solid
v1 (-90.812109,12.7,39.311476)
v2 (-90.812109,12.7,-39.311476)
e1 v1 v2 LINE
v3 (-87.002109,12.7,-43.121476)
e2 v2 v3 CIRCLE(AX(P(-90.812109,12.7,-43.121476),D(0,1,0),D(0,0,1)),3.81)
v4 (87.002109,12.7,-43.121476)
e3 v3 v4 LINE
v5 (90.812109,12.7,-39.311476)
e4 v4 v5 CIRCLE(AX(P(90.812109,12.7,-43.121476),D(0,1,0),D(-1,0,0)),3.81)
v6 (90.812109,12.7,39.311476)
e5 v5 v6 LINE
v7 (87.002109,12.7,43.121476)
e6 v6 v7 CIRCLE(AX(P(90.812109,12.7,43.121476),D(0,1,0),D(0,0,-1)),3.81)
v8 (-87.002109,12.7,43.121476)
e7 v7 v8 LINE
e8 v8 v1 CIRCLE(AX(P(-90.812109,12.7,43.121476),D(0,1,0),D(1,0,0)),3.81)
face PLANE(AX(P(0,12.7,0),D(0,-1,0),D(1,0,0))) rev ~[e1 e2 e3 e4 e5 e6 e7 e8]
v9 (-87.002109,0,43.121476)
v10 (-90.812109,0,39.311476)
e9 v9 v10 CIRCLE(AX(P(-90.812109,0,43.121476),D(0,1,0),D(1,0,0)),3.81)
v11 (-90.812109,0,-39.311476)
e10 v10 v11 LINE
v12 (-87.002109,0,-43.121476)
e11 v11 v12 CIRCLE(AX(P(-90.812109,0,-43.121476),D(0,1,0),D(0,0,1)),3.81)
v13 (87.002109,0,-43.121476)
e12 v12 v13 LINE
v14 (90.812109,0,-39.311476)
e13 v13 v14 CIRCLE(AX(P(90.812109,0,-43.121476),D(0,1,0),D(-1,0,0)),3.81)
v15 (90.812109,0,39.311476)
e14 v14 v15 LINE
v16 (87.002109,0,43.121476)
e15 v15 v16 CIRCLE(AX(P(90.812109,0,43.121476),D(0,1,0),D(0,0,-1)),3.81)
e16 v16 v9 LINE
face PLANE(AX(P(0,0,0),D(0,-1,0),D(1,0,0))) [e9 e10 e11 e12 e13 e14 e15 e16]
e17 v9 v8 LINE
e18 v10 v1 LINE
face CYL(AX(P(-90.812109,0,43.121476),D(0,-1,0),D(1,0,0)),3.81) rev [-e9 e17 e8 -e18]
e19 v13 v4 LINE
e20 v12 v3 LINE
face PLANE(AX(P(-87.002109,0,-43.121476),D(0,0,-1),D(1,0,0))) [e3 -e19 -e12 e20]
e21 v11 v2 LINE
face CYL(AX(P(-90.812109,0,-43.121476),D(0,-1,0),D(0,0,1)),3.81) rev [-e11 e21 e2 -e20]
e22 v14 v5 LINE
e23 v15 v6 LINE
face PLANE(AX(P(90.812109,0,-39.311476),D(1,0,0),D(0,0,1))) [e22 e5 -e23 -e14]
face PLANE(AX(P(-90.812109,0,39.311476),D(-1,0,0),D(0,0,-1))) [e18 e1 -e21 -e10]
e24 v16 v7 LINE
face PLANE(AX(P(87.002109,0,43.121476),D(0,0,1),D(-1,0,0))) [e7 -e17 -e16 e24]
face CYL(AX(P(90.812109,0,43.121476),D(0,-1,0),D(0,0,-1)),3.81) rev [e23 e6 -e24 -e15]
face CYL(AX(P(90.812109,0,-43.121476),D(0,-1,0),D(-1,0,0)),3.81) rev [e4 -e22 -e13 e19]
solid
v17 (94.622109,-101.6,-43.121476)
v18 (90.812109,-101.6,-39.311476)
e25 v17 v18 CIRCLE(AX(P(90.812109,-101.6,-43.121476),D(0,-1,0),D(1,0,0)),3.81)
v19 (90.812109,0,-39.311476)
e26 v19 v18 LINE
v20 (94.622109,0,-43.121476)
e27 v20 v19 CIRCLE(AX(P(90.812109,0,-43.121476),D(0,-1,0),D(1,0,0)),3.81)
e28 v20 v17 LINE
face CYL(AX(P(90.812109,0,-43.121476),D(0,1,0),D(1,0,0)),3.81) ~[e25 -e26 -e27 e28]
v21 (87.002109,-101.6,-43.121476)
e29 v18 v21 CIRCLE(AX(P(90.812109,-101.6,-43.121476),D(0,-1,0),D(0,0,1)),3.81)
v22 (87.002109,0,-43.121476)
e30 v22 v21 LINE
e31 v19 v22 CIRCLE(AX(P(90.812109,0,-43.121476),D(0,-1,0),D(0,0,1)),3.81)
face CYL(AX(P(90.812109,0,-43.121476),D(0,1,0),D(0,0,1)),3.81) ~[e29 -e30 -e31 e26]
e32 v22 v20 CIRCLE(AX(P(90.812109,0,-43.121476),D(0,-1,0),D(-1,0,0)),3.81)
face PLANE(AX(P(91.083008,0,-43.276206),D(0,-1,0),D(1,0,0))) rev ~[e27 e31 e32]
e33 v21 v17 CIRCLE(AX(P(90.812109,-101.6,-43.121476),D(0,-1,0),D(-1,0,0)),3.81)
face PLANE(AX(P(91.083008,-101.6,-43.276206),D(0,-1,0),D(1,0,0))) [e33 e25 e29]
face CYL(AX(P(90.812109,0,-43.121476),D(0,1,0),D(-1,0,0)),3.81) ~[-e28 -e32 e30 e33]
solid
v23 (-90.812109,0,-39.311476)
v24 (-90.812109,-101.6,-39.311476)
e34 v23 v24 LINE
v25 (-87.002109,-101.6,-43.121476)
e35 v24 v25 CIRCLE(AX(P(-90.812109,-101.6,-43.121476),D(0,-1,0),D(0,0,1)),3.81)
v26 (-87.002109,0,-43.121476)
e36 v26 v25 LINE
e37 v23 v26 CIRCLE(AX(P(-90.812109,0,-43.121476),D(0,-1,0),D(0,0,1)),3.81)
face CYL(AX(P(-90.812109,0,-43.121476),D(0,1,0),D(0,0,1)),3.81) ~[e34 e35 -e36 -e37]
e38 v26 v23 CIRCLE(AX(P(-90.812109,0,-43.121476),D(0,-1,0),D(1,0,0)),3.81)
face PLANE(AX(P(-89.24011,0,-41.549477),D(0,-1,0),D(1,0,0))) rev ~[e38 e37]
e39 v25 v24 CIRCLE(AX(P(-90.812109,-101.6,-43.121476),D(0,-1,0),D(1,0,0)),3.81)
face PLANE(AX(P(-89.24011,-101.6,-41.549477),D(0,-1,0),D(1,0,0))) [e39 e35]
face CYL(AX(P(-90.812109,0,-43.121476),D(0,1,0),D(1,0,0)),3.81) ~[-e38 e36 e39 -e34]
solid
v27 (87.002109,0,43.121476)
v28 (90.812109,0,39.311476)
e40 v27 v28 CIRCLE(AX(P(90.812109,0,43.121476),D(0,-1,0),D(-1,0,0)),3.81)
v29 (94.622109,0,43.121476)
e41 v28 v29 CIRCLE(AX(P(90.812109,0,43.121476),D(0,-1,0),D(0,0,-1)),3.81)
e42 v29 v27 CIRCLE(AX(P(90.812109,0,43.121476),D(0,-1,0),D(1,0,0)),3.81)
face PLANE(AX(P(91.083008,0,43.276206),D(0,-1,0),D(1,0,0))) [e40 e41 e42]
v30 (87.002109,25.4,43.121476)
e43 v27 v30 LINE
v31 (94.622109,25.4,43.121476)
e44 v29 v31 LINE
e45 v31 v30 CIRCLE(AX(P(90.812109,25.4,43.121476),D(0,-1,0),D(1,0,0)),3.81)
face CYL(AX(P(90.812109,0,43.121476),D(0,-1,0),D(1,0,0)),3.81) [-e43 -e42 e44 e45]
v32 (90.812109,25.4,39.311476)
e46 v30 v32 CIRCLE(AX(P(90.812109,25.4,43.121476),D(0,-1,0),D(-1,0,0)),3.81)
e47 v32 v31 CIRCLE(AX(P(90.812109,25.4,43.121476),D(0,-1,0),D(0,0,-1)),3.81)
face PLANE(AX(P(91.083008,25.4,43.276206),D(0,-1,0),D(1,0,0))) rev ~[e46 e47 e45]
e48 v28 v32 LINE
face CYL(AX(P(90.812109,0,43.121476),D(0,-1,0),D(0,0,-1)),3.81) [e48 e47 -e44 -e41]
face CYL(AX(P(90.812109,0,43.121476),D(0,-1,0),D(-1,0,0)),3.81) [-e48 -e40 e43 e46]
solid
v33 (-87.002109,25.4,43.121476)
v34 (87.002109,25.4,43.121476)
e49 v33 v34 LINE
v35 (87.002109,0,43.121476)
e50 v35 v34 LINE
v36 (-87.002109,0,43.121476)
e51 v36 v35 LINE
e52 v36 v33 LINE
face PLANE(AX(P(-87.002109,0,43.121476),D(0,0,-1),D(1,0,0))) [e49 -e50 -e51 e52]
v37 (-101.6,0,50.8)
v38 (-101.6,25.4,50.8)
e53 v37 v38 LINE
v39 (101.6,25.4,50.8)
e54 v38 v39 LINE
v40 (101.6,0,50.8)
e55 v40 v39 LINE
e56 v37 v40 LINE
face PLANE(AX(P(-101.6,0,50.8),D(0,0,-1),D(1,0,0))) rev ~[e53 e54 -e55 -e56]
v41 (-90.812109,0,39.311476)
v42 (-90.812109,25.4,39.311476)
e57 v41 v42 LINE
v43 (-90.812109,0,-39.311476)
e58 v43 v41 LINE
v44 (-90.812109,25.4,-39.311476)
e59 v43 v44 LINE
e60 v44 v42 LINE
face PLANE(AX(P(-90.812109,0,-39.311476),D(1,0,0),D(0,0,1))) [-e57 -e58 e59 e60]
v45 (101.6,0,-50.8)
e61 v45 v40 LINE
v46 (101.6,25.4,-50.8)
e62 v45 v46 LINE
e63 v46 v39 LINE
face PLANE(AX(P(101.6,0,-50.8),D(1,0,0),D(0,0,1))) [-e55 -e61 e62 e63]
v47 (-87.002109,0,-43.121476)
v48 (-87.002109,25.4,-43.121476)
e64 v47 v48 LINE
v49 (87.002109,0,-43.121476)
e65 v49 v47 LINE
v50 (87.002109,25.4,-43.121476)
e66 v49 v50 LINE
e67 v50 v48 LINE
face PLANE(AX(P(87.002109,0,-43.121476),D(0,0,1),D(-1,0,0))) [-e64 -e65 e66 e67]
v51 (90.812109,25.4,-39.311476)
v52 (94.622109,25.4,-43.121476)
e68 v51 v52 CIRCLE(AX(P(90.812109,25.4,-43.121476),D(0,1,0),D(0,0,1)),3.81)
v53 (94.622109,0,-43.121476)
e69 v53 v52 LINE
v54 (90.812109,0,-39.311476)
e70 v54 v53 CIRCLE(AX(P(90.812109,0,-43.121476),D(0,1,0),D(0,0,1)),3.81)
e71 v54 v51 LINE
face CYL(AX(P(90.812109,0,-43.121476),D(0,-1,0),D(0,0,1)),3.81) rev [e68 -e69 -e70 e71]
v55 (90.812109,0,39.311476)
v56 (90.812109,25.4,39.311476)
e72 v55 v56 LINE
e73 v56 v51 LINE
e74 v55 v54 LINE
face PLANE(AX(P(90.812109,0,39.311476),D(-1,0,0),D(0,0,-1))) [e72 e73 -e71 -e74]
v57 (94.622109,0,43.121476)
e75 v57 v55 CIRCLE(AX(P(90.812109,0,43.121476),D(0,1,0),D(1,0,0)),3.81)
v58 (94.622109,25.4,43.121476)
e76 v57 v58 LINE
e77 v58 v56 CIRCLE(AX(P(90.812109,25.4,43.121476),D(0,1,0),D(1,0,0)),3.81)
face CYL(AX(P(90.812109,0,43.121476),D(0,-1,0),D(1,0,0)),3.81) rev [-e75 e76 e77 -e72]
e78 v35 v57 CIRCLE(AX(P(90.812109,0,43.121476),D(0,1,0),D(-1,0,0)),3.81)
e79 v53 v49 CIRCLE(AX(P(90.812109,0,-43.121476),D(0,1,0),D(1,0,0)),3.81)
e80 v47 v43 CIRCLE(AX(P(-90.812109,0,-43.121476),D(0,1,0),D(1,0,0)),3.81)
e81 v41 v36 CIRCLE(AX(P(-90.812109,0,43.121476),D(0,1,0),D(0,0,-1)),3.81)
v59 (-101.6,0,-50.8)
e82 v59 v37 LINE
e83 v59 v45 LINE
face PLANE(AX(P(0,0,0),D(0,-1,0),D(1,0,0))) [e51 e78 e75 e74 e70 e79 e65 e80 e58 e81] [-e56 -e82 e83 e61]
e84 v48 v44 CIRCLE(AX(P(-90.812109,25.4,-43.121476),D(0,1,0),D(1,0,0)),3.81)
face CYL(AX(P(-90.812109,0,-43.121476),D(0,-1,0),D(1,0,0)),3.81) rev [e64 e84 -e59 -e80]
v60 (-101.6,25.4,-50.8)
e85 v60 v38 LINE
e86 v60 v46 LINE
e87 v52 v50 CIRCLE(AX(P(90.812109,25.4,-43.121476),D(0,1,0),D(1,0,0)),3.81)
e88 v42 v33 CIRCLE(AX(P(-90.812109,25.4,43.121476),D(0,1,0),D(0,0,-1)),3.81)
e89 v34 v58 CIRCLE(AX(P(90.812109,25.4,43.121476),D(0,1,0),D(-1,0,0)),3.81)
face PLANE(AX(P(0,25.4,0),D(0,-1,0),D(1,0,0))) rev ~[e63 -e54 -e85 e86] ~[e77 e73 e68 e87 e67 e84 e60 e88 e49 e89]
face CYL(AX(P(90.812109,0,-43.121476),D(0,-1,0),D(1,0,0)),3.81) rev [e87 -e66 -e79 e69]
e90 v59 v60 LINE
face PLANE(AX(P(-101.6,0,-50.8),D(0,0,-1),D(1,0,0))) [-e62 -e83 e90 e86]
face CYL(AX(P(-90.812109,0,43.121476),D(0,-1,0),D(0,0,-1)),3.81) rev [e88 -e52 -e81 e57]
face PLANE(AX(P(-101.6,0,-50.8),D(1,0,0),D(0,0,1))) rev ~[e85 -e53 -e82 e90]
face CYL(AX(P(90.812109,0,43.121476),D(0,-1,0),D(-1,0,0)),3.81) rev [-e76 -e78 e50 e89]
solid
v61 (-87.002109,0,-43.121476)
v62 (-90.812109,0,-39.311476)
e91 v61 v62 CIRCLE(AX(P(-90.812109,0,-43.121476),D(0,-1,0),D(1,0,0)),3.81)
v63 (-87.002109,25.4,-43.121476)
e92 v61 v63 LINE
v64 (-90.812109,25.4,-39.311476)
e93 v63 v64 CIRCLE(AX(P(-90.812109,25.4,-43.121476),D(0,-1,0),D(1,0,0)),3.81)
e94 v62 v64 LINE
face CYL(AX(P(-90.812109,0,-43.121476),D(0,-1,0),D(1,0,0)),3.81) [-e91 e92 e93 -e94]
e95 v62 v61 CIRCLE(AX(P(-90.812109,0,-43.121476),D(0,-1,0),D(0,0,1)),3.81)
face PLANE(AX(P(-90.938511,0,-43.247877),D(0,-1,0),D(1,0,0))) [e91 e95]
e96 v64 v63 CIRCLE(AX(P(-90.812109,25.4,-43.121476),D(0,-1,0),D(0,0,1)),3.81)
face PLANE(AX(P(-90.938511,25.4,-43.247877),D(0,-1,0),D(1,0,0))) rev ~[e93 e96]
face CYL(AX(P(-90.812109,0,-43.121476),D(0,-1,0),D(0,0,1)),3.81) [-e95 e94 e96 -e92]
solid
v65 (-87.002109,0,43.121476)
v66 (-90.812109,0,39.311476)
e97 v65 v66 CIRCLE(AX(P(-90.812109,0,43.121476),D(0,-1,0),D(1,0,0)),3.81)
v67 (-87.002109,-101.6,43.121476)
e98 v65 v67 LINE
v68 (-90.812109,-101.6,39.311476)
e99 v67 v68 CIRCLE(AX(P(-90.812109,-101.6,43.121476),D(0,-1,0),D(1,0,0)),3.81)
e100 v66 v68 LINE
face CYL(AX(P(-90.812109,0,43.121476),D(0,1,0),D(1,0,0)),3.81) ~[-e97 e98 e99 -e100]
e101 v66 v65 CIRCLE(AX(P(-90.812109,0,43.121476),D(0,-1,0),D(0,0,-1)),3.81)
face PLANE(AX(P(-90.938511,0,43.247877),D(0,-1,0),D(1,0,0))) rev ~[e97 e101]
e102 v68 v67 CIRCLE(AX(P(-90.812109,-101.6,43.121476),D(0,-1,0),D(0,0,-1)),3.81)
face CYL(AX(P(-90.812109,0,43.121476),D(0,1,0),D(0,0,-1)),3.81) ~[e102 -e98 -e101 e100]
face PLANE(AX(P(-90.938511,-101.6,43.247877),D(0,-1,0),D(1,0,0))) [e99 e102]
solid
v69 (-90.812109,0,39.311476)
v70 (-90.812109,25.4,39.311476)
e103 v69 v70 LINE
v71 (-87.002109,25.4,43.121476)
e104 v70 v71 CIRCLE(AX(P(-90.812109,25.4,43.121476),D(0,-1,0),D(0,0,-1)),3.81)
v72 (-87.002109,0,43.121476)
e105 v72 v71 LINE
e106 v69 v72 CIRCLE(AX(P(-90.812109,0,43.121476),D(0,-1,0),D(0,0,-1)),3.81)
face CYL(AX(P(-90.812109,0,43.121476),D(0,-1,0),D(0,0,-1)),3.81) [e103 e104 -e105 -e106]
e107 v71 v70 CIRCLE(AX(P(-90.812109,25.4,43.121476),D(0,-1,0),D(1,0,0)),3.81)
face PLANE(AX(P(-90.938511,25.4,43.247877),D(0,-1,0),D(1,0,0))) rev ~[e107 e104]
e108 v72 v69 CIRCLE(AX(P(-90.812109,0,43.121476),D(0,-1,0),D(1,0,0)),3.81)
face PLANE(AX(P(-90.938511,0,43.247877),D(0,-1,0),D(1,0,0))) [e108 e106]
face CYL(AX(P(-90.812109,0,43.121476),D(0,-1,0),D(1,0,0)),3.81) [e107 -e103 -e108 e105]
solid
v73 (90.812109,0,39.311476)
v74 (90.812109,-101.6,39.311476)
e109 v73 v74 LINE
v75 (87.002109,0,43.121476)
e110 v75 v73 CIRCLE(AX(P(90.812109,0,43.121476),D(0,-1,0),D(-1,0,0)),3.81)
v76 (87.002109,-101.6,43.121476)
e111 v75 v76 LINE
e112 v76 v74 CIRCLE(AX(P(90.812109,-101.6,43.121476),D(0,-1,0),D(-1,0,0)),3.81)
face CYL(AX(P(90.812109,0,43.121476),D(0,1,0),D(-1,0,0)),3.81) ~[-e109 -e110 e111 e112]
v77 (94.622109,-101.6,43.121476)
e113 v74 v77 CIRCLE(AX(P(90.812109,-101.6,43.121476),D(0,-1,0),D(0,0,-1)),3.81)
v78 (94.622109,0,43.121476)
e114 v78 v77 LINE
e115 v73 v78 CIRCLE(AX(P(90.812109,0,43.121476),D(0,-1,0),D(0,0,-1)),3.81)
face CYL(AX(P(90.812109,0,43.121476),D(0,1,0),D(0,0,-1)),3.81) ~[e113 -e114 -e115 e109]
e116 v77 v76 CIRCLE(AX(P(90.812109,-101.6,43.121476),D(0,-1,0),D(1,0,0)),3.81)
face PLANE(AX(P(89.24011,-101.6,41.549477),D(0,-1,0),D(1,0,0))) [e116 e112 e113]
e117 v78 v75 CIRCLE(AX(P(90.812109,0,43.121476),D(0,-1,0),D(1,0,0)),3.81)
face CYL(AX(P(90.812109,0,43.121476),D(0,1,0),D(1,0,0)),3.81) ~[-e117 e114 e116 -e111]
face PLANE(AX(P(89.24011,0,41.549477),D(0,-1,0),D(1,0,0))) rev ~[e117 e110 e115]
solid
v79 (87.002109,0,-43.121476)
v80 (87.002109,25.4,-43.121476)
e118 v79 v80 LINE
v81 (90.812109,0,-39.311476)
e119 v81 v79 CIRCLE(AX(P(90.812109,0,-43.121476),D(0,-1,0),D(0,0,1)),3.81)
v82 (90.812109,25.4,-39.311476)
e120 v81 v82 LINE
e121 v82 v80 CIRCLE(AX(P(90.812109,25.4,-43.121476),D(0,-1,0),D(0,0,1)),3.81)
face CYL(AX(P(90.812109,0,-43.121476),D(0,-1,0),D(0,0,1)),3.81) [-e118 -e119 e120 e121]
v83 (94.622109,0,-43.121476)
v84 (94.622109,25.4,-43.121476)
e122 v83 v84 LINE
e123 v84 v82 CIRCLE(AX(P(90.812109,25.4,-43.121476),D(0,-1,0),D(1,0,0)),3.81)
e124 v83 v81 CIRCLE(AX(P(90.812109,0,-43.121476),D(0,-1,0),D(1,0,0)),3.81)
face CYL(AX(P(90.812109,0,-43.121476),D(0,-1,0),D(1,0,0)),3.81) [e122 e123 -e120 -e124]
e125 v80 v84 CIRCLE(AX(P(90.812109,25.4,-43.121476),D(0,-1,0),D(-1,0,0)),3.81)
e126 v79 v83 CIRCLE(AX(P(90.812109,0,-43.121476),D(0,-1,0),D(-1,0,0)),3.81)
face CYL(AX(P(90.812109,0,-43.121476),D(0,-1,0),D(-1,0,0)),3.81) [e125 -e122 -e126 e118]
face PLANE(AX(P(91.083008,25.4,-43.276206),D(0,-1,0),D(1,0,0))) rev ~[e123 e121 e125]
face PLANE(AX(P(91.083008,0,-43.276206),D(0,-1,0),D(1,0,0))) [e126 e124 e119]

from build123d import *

# Parameters (mm, degrees)
F0_W     = 203.2
F0_H     = 101.6
F1_DEPTH = 25.4
F2_DEPTH = 101.6
F3_DEPTH = 12.7
F4_DEPTH = 25.4


with BuildPart() as f1:
    # F0 (on Front) → F1 (new body)
    with BuildSketch(Plane.XZ):
        Rectangle(F0_W, F0_H)
        with BuildLine():
            ThreePointArc((-90.8121094108, 39.3114757264), (-93.5061862471, 45.8155525627), (-87.0021094108, 43.1214757264))
            Line((-87.0021094108, 43.1214757264), (87.0021094108, 43.1214757264))
            ThreePointArc((87.0021094108, 43.1214757264), (90.8121094108, 46.9314757264), (94.6221094108, 43.1214757264))
            ThreePointArc((94.6221094108, 43.1214757264), (93.5061862471, 40.42739889), (90.8121094108, 39.3114757264))
            Line((90.8121094108, 39.3114757264), (90.8121094108, -39.3114757264))
            ThreePointArc((90.8121094108, -39.3114757264), (93.5061862471, -40.42739889), (94.6221094108, -43.1214757264))
            ThreePointArc((94.6221094108, -43.1214757264), (90.8121094108, -46.9314757264), (87.0021094108, -43.1214757264))
            Line((87.0021094108, -43.1214757264), (-87.0021094108, -43.1214757264))
            ThreePointArc((-87.0021094108, -43.1214757264), (-93.5061862471, -45.8155525627), (-90.8121094108, -39.3114757264))
            Line((-90.8121094108, -39.3114757264), (-90.8121094108, 39.3114757264))
        make_face(mode=Mode.SUBTRACT)
    extrude(amount=-F1_DEPTH)


with BuildPart() as f2:
    # F0 (on Front) → F2 (new body)
    with BuildSketch(Plane.XZ):
        with BuildLine():
            Line((-90.8121094108, 43.1214757264), (-87.0021094108, 43.1214757264))
            ThreePointArc((-87.0021094108, 43.1214757264), (-93.5061862471, 45.8155525627), (-90.8121094108, 39.3114757264))
            Line((-90.8121094108, 39.3114757264), (-90.8121094108, 43.1214757264))
        make_face()
        with BuildLine():
            ThreePointArc((-90.8121094108, 39.3114757264), (-88.1180325744, 40.42739889), (-87.0021094108, 43.1214757264))
            Line((-87.0021094108, 43.1214757264), (-90.8121094108, 43.1214757264))
            Line((-90.8121094108, 43.1214757264), (-90.8121094108, 39.3114757264))
        make_face()
    extrude(amount=F2_DEPTH)


with BuildPart() as f2b:
    # F0 (on Front) → F2, piece 2 (new body)
    with BuildSketch(Plane.XZ):
        with BuildLine():
            ThreePointArc((-87.0021094108, -43.1214757264), (-88.1180325744, -40.42739889), (-90.8121094108, -39.3114757264))
            Line((-90.8121094108, -39.3114757264), (-90.8121094108, -43.1214757264))
            Line((-90.8121094108, -43.1214757264), (-87.0021094108, -43.1214757264))
        make_face()
        with BuildLine():
            Line((-90.8121094108, -43.1214757264), (-90.8121094108, -39.3114757264))
            ThreePointArc((-90.8121094108, -39.3114757264), (-93.5061862471, -45.8155525627), (-87.0021094108, -43.1214757264))
            Line((-87.0021094108, -43.1214757264), (-90.8121094108, -43.1214757264))
        make_face()
    extrude(amount=F2_DEPTH)


with BuildPart() as f2c:
    # F0 (on Front) → F2, piece 3 (new body)
    with BuildSketch(Plane.XZ):
        with BuildLine():
            ThreePointArc((94.6221094108, -43.1214757264), (93.5061862471, -40.42739889), (90.8121094108, -39.3114757264))
            Line((90.8121094108, -39.3114757264), (90.8121094108, -43.1214757264))
            Line((90.8121094108, -43.1214757264), (87.0021094108, -43.1214757264))
            ThreePointArc((87.0021094108, -43.1214757264), (90.8121094108, -46.9314757264), (94.6221094108, -43.1214757264))
        make_face()
        with BuildLine():
            Line((90.8121094108, -43.1214757264), (90.8121094108, -39.3114757264))
            ThreePointArc((90.8121094108, -39.3114757264), (88.1180325744, -40.42739889), (87.0021094108, -43.1214757264))
            Line((87.0021094108, -43.1214757264), (90.8121094108, -43.1214757264))
        make_face()
    extrude(amount=F2_DEPTH)


with BuildPart() as f2d:
    # F0 (on Front) → F2, piece 4 (new body)
    with BuildSketch(Plane.XZ):
        with BuildLine():
            Line((90.8121094108, 43.1214757264), (87.0021094108, 43.1214757264))
            ThreePointArc((87.0021094108, 43.1214757264), (88.1180325744, 40.42739889), (90.8121094108, 39.3114757264))
            Line((90.8121094108, 39.3114757264), (90.8121094108, 43.1214757264))
        make_face()
        with BuildLine():
            ThreePointArc((94.6221094108, 43.1214757264), (90.8121094108, 46.9314757264), (87.0021094108, 43.1214757264))
            Line((87.0021094108, 43.1214757264), (90.8121094108, 43.1214757264))
            Line((90.8121094108, 43.1214757264), (90.8121094108, 39.3114757264))
            ThreePointArc((90.8121094108, 39.3114757264), (93.5061862471, 40.42739889), (94.6221094108, 43.1214757264))
        make_face()
    extrude(amount=F2_DEPTH)


with BuildPart() as f3:
    # F0 (on Front) → F3 (new body)
    with BuildSketch(Plane.XZ):
        with BuildLine():
            Line((87.0021094108, 43.1214757264), (-87.0021094108, 43.1214757264))
            ThreePointArc((-87.0021094108, 43.1214757264), (-88.1180325744, 40.42739889), (-90.8121094108, 39.3114757264))
            Line((-90.8121094108, 39.3114757264), (-90.8121094108, -39.3114757264))
            ThreePointArc((-90.8121094108, -39.3114757264), (-88.1180325744, -40.42739889), (-87.0021094108, -43.1214757264))
            Line((-87.0021094108, -43.1214757264), (87.0021094108, -43.1214757264))
            ThreePointArc((87.0021094108, -43.1214757264), (88.1180325744, -40.42739889), (90.8121094108, -39.3114757264))
            Line((90.8121094108, -39.3114757264), (90.8121094108, 39.3114757264))
            ThreePointArc((90.8121094108, 39.3114757264), (88.1180325744, 40.42739889), (87.0021094108, 43.1214757264))
        make_face()
    extrude(amount=-F3_DEPTH)


with BuildPart() as f4:
    # F0 (on Front) → F4 (new body)
    with BuildSketch(Plane.XZ):
        with BuildLine():
            Line((-90.8121094108, -43.1214757264), (-90.8121094108, -39.3114757264))
            ThreePointArc((-90.8121094108, -39.3114757264), (-93.5061862471, -45.8155525627), (-87.0021094108, -43.1214757264))
            Line((-87.0021094108, -43.1214757264), (-90.8121094108, -43.1214757264))
        make_face()
        with BuildLine():
            ThreePointArc((-87.0021094108, -43.1214757264), (-88.1180325744, -40.42739889), (-90.8121094108, -39.3114757264))
            Line((-90.8121094108, -39.3114757264), (-90.8121094108, -43.1214757264))
            Line((-90.8121094108, -43.1214757264), (-87.0021094108, -43.1214757264))
        make_face()
    extrude(amount=-F4_DEPTH)


with BuildPart() as f4b:
    # F0 (on Front) → F4, piece 2 (new body)
    with BuildSketch(Plane.XZ):
        with BuildLine():
            Line((-90.8121094108, 43.1214757264), (-87.0021094108, 43.1214757264))
            ThreePointArc((-87.0021094108, 43.1214757264), (-93.5061862471, 45.8155525627), (-90.8121094108, 39.3114757264))
            Line((-90.8121094108, 39.3114757264), (-90.8121094108, 43.1214757264))
        make_face()
        with BuildLine():
            ThreePointArc((-90.8121094108, 39.3114757264), (-88.1180325744, 40.42739889), (-87.0021094108, 43.1214757264))
            Line((-87.0021094108, 43.1214757264), (-90.8121094108, 43.1214757264))
            Line((-90.8121094108, 43.1214757264), (-90.8121094108, 39.3114757264))
        make_face()
    extrude(amount=-F4_DEPTH)


with BuildPart() as f4c:
    # F0 (on Front) → F4, piece 3 (new body)
    with BuildSketch(Plane.XZ):
        with BuildLine():
            ThreePointArc((94.6221094108, 43.1214757264), (90.8121094108, 46.9314757264), (87.0021094108, 43.1214757264))
            Line((87.0021094108, 43.1214757264), (90.8121094108, 43.1214757264))
            Line((90.8121094108, 43.1214757264), (90.8121094108, 39.3114757264))
            ThreePointArc((90.8121094108, 39.3114757264), (93.5061862471, 40.42739889), (94.6221094108, 43.1214757264))
        make_face()
        with BuildLine():
            Line((90.8121094108, 43.1214757264), (87.0021094108, 43.1214757264))
            ThreePointArc((87.0021094108, 43.1214757264), (88.1180325744, 40.42739889), (90.8121094108, 39.3114757264))
            Line((90.8121094108, 39.3114757264), (90.8121094108, 43.1214757264))
        make_face()
    extrude(amount=-F4_DEPTH)


with BuildPart() as f4d:
    # F0 (on Front) → F4, piece 4 (new body)
    with BuildSketch(Plane.XZ):
        with BuildLine():
            ThreePointArc((94.6221094108, -43.1214757264), (93.5061862471, -40.42739889), (90.8121094108, -39.3114757264))
            Line((90.8121094108, -39.3114757264), (90.8121094108, -43.1214757264))
            Line((90.8121094108, -43.1214757264), (87.0021094108, -43.1214757264))
            ThreePointArc((87.0021094108, -43.1214757264), (90.8121094108, -46.9314757264), (94.6221094108, -43.1214757264))
        make_face()
        with BuildLine():
            Line((90.8121094108, -43.1214757264), (90.8121094108, -39.3114757264))
            ThreePointArc((90.8121094108, -39.3114757264), (88.1180325744, -40.42739889), (87.0021094108, -43.1214757264))
            Line((87.0021094108, -43.1214757264), (90.8121094108, -43.1214757264))
        make_face()
    extrude(amount=-F4_DEPTH)


solid = Compound([f1.part, f2.part, f2b.part, f2c.part, f2d.part, f3.part, f4.part, f4b.part, f4c.part, f4d.part])
